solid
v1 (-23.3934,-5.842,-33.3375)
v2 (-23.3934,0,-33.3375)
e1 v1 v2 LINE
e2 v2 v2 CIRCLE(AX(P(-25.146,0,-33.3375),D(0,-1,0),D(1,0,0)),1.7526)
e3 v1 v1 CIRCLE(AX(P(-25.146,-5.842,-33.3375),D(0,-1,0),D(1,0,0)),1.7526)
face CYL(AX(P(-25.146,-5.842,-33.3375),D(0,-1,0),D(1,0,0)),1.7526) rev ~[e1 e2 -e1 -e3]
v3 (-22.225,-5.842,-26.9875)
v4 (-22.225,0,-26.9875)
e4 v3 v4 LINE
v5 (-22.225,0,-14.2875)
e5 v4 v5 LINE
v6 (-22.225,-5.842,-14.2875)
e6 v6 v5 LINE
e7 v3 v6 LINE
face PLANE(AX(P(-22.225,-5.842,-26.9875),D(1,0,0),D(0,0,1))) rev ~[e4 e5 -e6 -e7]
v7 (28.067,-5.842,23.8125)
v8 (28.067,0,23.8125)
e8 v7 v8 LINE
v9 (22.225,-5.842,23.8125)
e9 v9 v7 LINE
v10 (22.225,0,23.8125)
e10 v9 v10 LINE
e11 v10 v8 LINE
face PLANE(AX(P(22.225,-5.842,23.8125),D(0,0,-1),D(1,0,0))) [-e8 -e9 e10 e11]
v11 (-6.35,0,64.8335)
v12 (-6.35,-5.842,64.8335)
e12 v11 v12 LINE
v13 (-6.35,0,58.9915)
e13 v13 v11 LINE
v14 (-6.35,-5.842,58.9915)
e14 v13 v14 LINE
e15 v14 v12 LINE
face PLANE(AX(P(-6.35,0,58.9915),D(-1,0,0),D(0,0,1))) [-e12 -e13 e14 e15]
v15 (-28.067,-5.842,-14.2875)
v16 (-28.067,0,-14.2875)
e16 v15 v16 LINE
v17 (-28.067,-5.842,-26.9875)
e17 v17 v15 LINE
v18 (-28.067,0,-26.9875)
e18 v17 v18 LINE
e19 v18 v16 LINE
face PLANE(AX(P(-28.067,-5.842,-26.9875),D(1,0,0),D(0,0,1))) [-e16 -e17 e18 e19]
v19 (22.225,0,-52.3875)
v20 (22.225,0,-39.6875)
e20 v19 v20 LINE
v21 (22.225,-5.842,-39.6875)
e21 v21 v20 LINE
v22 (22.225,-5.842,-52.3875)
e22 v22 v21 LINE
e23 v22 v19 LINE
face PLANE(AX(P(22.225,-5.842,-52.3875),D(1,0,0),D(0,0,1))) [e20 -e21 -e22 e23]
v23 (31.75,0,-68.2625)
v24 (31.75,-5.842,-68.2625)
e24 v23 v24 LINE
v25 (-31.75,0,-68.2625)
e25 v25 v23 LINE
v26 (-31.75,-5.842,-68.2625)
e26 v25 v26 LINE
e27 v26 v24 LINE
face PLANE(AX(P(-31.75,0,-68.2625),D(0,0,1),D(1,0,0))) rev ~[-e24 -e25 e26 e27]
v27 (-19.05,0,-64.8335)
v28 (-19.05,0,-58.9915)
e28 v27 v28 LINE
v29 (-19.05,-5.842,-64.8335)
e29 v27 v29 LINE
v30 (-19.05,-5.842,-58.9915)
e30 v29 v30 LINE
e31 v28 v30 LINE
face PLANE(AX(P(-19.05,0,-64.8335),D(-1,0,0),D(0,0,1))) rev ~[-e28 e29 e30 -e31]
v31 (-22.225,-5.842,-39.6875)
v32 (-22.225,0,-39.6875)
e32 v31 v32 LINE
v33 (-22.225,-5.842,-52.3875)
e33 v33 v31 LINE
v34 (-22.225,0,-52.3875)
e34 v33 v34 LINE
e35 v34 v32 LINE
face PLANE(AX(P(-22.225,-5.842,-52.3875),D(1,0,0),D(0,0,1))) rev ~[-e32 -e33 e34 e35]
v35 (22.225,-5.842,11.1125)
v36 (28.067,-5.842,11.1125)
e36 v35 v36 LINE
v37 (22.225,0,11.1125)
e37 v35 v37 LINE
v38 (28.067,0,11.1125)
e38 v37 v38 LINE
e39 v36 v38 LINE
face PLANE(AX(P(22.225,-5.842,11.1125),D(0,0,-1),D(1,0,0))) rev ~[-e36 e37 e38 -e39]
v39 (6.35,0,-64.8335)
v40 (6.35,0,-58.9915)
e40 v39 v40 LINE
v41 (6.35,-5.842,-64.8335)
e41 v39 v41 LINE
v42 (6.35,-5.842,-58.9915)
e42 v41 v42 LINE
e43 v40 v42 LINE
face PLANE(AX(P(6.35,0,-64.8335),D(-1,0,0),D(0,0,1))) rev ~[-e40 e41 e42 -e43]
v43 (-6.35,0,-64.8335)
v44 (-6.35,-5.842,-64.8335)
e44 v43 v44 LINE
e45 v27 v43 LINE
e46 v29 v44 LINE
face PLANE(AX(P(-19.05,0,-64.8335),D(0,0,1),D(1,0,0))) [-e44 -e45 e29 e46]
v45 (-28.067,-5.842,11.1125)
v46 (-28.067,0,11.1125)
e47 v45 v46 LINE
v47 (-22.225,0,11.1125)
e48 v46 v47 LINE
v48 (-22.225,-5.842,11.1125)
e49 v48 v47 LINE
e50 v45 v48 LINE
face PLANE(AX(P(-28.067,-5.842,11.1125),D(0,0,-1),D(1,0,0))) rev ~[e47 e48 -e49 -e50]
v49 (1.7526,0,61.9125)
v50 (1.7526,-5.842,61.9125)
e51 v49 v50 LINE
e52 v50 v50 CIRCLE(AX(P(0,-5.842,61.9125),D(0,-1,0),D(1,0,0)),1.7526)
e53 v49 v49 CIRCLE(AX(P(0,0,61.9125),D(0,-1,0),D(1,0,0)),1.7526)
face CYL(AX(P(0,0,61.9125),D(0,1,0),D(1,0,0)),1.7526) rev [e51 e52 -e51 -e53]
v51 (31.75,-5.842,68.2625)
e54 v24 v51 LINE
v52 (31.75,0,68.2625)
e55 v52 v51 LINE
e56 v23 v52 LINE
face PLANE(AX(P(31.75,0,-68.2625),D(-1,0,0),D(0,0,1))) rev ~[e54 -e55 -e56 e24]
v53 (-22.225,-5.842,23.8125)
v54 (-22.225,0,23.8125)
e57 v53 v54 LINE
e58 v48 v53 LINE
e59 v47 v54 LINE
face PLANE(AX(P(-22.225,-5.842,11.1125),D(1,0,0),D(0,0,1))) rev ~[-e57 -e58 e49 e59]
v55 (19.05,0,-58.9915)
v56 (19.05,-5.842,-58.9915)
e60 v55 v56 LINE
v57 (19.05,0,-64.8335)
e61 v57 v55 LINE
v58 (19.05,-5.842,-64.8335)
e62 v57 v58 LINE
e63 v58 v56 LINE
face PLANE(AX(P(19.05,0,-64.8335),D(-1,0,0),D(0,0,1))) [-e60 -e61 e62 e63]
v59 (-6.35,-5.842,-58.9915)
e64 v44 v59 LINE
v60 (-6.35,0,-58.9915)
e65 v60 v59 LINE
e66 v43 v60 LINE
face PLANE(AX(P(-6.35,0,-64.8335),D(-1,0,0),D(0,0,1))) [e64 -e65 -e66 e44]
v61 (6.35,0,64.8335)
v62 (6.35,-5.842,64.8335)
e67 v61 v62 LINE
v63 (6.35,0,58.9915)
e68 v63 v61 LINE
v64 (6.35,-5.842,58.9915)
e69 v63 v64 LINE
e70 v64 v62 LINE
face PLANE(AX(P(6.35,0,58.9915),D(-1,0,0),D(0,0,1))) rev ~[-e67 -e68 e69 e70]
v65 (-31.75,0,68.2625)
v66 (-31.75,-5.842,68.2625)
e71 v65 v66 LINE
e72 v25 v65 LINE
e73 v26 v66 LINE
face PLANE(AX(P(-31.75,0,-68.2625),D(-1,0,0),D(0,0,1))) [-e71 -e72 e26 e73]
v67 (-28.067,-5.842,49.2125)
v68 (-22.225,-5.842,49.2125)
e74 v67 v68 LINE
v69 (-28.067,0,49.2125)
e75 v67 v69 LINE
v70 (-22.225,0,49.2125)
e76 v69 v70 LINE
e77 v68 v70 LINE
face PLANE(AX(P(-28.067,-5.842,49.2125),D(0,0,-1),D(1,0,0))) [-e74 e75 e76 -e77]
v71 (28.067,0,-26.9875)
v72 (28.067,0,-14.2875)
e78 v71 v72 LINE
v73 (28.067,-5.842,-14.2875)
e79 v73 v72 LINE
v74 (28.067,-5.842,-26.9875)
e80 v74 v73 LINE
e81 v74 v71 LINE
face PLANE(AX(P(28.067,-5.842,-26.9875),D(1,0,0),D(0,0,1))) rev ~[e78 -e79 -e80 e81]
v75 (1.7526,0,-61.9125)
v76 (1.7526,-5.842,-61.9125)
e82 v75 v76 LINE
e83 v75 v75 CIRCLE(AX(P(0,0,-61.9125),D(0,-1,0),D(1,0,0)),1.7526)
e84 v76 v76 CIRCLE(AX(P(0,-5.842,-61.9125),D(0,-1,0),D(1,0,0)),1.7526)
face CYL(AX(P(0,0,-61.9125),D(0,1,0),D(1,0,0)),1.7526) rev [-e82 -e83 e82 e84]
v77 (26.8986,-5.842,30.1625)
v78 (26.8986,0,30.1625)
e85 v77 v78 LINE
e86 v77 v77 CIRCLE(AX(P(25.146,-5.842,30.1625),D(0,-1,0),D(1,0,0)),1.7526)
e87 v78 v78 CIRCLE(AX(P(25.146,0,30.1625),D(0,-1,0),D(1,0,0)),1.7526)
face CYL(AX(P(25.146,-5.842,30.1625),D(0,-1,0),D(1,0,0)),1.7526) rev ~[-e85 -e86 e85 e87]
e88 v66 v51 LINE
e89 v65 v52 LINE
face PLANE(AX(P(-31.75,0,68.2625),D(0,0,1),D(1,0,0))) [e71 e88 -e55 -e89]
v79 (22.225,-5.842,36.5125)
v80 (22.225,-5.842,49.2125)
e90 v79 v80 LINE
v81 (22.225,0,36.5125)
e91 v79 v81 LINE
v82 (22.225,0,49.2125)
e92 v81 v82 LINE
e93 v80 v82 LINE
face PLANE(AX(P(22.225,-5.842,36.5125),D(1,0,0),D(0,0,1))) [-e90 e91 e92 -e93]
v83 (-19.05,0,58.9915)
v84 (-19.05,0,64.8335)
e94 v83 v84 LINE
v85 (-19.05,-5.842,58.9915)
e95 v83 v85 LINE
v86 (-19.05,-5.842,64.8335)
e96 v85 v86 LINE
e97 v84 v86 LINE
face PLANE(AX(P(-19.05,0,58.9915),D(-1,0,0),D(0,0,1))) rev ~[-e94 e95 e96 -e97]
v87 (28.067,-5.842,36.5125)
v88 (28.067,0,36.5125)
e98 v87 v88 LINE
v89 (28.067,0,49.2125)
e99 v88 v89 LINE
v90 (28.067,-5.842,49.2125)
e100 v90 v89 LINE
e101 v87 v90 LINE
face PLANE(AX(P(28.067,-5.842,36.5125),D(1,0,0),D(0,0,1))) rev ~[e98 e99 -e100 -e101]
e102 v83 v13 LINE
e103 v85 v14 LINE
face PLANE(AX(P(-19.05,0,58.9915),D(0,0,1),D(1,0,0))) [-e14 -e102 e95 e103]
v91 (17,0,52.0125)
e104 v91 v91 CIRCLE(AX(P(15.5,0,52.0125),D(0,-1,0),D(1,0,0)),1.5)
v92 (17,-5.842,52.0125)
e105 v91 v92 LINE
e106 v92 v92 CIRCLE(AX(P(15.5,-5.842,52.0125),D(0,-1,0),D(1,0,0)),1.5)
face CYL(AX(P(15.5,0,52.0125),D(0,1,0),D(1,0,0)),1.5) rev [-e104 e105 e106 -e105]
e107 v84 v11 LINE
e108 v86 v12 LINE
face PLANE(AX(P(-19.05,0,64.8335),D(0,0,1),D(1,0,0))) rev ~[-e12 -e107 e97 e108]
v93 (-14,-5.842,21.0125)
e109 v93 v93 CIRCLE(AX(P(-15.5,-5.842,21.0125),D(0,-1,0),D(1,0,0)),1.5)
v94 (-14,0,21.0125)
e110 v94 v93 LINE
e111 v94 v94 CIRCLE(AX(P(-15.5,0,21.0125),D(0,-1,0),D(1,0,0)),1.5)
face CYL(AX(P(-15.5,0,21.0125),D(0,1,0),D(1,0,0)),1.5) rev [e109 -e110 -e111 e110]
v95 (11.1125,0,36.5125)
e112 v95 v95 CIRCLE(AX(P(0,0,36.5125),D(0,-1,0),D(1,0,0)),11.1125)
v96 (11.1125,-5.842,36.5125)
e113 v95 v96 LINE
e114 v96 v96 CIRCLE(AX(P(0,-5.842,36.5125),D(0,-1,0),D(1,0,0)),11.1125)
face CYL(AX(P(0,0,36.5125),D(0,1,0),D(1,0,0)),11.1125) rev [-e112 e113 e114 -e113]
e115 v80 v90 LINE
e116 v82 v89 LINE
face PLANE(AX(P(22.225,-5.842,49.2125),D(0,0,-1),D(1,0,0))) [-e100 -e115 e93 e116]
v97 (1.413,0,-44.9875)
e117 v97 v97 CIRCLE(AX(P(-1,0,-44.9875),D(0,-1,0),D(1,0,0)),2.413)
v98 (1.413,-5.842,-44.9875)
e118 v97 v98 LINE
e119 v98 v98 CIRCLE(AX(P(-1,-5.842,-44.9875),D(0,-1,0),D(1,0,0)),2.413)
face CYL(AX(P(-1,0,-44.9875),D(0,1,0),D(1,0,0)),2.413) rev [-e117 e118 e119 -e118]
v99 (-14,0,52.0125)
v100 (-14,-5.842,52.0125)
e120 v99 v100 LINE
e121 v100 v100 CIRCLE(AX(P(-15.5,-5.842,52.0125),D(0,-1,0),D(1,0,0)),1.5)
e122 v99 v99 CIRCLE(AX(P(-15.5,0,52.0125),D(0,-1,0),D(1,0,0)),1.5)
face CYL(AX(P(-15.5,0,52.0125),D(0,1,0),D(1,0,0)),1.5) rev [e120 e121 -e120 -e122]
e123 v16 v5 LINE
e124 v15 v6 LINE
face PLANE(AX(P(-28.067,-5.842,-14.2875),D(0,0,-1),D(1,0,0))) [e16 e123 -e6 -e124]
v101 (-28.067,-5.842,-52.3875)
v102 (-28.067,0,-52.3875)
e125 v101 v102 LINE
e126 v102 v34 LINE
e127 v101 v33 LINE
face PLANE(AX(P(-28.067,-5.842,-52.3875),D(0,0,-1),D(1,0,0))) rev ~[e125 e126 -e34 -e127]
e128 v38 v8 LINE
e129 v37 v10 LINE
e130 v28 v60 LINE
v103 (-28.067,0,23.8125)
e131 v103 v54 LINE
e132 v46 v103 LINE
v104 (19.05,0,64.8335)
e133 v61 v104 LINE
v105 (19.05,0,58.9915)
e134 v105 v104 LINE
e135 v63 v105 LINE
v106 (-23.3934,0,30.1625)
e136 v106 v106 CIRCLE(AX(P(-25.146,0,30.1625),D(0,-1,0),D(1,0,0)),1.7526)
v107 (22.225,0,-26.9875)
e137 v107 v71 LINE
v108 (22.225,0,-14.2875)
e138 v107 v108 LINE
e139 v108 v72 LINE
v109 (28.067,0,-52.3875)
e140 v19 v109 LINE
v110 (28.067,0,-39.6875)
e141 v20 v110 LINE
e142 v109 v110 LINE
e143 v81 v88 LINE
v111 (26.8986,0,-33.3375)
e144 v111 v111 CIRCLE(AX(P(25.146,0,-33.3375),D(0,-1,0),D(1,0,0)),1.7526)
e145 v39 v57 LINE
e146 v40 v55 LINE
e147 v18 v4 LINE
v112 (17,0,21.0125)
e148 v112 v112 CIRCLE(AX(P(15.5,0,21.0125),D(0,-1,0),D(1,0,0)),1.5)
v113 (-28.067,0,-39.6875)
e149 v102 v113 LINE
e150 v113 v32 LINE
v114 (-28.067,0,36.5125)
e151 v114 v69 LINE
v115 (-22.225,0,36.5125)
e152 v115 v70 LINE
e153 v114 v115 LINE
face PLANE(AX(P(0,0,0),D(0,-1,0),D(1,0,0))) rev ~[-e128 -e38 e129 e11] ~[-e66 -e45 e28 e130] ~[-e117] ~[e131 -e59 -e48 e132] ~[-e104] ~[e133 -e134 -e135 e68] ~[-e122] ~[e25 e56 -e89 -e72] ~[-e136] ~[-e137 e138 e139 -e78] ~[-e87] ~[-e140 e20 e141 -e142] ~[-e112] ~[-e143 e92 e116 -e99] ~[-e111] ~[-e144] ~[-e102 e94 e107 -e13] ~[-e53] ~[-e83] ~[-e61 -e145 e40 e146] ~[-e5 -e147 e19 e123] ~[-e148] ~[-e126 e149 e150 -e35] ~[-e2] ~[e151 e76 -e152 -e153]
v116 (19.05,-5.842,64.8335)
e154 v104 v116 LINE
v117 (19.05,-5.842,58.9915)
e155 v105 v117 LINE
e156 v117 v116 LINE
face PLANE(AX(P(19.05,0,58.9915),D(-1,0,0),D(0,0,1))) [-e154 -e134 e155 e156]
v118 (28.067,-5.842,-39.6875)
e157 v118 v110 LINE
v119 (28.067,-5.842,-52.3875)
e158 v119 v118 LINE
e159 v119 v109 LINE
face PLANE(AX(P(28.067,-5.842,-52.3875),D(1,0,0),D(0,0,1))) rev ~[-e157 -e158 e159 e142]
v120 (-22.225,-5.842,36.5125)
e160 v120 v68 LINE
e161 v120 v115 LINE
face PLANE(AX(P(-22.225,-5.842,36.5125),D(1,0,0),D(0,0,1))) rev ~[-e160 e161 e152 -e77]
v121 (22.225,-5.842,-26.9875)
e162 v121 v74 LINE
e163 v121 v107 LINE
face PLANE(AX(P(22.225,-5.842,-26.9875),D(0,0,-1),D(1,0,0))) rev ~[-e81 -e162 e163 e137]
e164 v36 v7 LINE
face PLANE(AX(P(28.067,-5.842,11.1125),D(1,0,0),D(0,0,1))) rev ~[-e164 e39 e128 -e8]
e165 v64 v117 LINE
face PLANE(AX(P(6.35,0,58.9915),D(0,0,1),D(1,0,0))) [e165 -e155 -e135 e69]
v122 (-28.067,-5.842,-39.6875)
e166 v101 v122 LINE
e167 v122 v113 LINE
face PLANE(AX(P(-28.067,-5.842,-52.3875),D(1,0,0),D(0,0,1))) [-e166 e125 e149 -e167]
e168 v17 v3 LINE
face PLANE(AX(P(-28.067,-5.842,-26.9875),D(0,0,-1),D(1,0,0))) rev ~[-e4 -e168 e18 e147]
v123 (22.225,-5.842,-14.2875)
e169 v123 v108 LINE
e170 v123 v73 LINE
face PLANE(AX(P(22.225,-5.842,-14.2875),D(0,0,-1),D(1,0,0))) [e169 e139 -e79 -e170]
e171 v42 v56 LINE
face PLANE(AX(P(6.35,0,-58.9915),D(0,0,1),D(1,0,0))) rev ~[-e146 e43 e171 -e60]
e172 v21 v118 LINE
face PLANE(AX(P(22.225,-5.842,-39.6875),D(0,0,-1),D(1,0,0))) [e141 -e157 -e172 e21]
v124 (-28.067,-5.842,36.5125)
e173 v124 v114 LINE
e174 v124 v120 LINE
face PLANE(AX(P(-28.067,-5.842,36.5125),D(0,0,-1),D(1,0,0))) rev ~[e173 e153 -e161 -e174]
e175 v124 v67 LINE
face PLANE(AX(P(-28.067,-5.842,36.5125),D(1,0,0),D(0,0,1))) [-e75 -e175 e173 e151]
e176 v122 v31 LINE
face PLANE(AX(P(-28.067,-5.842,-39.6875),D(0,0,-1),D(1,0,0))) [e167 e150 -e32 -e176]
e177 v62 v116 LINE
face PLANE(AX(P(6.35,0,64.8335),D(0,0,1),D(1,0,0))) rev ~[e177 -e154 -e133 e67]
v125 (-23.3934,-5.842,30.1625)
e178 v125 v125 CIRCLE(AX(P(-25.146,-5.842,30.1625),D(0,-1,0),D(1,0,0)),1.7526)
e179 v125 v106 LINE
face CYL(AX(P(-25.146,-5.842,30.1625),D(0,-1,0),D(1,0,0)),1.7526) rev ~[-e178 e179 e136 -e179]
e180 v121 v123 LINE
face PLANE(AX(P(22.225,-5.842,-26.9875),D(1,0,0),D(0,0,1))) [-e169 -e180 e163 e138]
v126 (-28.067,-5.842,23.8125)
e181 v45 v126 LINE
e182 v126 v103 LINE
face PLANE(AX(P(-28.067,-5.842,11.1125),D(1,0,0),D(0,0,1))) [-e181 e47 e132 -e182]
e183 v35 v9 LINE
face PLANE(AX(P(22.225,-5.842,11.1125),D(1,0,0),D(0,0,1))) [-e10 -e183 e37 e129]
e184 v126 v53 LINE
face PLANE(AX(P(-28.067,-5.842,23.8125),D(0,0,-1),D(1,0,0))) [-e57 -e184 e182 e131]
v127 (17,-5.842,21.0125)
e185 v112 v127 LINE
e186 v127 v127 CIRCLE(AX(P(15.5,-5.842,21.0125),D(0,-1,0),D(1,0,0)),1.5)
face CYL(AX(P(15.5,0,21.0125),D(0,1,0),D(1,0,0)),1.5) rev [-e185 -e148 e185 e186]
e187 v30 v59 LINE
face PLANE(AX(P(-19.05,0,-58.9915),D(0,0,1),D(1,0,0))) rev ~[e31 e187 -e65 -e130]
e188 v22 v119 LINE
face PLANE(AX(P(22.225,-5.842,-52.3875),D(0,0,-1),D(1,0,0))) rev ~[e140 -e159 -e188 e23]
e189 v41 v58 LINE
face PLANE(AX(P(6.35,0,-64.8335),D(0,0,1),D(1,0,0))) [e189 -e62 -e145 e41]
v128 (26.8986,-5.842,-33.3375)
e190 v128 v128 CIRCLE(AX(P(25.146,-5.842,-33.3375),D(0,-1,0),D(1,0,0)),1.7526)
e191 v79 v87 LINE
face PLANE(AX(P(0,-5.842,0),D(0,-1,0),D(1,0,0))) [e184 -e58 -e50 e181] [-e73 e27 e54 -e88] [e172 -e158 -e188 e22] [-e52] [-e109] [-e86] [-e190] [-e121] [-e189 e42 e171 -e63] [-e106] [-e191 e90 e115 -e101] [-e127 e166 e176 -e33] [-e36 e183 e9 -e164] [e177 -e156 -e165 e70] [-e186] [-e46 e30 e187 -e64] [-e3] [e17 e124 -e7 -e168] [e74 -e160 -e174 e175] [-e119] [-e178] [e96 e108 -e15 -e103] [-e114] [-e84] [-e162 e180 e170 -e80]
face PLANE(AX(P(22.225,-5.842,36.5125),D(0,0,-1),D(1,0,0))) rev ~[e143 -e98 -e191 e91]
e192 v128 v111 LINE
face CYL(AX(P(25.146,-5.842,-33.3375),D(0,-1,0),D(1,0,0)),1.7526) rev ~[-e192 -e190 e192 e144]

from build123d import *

# Parameters (mm, degrees)
F0_W     = 63.5
F0_H     = 136.525
F0_W_2   = 12.7
F0_H_2   = 5.842
F0_R     = 2.413
F0_R_2   = 1.7526
F0_R_3   = 1.5
F0_R_4   = 11.1125
F1_DEPTH = 5.842
F2_W     = 5.842
F2_H     = 12.7
F2_R     = 1.7526
F3_DEPTH = 25.4


with BuildPart() as f1:
    # F0 (on Front) → F1 (new body)
    with BuildSketch(Plane.XZ):
        Rectangle(F0_W, F0_H)
        with Locations((-12.7, -61.9125)):
            Rectangle(F0_W_2, F0_H_2, mode=Mode.SUBTRACT)
        with Locations((-1, -44.9875)):
            Circle(F0_R, mode=Mode.SUBTRACT)
        with Locations((0, -61.9125)):
            Circle(F0_R_2, mode=Mode.SUBTRACT)
        with Locations((12.7, -61.9125)):
            Rectangle(F0_W_2, F0_H_2, mode=Mode.SUBTRACT)
        with Locations((-15.5, 21.0125)):
            Circle(F0_R_3, mode=Mode.SUBTRACT)
        with Locations((-15.5, 52.0125)):
            Circle(F0_R_3, mode=Mode.SUBTRACT)
        with Locations((-12.7, 61.9125)):
            Rectangle(F0_W_2, F0_H_2, mode=Mode.SUBTRACT)
        with Locations((15.5, 21.0125)):
            Circle(F0_R_3, mode=Mode.SUBTRACT)
        with Locations((0, 36.5125)):
            Circle(F0_R_4, mode=Mode.SUBTRACT)
        with Locations((0, 61.9125)):
            Circle(F0_R_2, mode=Mode.SUBTRACT)
        with Locations((15.5, 52.0125)):
            Circle(F0_R_3, mode=Mode.SUBTRACT)
        with Locations((12.7, 61.9125)):
            Rectangle(F0_W_2, F0_H_2, mode=Mode.SUBTRACT)
    extrude(amount=F1_DEPTH)

    # F2 (on face) → F3 (cut)
    with BuildSketch(Plane.XZ.offset(5.842)):
        with Locations((-25.146, 42.8625)):
            Rectangle(F2_W, F2_H)
        with Locations((-25.146, 17.4625)):
            Rectangle(F2_W, F2_H)
        with Locations((-25.146, 30.1625)):
            Circle(F2_R)
        with Locations((25.146, 17.4625)):
            Rectangle(F2_W, F2_H)
        with Locations((25.146, 42.8625)):
            Rectangle(F2_W, F2_H)
        with Locations((25.146, 30.1625)):
            Circle(F2_R)
        with Locations((-25.146, -20.6375)):
            Rectangle(F2_W, F2_H)
        with Locations((-25.146, -33.3375)):
            Circle(F2_R)
        with Locations((-25.146, -46.0375)):
            Rectangle(F2_W, F2_H)
        with Locations((25.146, -20.6375)):
            Rectangle(F2_W, F2_H)
        with Locations((25.146, -46.0375)):
            Rectangle(F2_W, F2_H)
        with Locations((25.146, -33.3375)):
            Circle(F2_R)
    extrude(amount=-F3_DEPTH, mode=Mode.SUBTRACT)


solid = f1.part
